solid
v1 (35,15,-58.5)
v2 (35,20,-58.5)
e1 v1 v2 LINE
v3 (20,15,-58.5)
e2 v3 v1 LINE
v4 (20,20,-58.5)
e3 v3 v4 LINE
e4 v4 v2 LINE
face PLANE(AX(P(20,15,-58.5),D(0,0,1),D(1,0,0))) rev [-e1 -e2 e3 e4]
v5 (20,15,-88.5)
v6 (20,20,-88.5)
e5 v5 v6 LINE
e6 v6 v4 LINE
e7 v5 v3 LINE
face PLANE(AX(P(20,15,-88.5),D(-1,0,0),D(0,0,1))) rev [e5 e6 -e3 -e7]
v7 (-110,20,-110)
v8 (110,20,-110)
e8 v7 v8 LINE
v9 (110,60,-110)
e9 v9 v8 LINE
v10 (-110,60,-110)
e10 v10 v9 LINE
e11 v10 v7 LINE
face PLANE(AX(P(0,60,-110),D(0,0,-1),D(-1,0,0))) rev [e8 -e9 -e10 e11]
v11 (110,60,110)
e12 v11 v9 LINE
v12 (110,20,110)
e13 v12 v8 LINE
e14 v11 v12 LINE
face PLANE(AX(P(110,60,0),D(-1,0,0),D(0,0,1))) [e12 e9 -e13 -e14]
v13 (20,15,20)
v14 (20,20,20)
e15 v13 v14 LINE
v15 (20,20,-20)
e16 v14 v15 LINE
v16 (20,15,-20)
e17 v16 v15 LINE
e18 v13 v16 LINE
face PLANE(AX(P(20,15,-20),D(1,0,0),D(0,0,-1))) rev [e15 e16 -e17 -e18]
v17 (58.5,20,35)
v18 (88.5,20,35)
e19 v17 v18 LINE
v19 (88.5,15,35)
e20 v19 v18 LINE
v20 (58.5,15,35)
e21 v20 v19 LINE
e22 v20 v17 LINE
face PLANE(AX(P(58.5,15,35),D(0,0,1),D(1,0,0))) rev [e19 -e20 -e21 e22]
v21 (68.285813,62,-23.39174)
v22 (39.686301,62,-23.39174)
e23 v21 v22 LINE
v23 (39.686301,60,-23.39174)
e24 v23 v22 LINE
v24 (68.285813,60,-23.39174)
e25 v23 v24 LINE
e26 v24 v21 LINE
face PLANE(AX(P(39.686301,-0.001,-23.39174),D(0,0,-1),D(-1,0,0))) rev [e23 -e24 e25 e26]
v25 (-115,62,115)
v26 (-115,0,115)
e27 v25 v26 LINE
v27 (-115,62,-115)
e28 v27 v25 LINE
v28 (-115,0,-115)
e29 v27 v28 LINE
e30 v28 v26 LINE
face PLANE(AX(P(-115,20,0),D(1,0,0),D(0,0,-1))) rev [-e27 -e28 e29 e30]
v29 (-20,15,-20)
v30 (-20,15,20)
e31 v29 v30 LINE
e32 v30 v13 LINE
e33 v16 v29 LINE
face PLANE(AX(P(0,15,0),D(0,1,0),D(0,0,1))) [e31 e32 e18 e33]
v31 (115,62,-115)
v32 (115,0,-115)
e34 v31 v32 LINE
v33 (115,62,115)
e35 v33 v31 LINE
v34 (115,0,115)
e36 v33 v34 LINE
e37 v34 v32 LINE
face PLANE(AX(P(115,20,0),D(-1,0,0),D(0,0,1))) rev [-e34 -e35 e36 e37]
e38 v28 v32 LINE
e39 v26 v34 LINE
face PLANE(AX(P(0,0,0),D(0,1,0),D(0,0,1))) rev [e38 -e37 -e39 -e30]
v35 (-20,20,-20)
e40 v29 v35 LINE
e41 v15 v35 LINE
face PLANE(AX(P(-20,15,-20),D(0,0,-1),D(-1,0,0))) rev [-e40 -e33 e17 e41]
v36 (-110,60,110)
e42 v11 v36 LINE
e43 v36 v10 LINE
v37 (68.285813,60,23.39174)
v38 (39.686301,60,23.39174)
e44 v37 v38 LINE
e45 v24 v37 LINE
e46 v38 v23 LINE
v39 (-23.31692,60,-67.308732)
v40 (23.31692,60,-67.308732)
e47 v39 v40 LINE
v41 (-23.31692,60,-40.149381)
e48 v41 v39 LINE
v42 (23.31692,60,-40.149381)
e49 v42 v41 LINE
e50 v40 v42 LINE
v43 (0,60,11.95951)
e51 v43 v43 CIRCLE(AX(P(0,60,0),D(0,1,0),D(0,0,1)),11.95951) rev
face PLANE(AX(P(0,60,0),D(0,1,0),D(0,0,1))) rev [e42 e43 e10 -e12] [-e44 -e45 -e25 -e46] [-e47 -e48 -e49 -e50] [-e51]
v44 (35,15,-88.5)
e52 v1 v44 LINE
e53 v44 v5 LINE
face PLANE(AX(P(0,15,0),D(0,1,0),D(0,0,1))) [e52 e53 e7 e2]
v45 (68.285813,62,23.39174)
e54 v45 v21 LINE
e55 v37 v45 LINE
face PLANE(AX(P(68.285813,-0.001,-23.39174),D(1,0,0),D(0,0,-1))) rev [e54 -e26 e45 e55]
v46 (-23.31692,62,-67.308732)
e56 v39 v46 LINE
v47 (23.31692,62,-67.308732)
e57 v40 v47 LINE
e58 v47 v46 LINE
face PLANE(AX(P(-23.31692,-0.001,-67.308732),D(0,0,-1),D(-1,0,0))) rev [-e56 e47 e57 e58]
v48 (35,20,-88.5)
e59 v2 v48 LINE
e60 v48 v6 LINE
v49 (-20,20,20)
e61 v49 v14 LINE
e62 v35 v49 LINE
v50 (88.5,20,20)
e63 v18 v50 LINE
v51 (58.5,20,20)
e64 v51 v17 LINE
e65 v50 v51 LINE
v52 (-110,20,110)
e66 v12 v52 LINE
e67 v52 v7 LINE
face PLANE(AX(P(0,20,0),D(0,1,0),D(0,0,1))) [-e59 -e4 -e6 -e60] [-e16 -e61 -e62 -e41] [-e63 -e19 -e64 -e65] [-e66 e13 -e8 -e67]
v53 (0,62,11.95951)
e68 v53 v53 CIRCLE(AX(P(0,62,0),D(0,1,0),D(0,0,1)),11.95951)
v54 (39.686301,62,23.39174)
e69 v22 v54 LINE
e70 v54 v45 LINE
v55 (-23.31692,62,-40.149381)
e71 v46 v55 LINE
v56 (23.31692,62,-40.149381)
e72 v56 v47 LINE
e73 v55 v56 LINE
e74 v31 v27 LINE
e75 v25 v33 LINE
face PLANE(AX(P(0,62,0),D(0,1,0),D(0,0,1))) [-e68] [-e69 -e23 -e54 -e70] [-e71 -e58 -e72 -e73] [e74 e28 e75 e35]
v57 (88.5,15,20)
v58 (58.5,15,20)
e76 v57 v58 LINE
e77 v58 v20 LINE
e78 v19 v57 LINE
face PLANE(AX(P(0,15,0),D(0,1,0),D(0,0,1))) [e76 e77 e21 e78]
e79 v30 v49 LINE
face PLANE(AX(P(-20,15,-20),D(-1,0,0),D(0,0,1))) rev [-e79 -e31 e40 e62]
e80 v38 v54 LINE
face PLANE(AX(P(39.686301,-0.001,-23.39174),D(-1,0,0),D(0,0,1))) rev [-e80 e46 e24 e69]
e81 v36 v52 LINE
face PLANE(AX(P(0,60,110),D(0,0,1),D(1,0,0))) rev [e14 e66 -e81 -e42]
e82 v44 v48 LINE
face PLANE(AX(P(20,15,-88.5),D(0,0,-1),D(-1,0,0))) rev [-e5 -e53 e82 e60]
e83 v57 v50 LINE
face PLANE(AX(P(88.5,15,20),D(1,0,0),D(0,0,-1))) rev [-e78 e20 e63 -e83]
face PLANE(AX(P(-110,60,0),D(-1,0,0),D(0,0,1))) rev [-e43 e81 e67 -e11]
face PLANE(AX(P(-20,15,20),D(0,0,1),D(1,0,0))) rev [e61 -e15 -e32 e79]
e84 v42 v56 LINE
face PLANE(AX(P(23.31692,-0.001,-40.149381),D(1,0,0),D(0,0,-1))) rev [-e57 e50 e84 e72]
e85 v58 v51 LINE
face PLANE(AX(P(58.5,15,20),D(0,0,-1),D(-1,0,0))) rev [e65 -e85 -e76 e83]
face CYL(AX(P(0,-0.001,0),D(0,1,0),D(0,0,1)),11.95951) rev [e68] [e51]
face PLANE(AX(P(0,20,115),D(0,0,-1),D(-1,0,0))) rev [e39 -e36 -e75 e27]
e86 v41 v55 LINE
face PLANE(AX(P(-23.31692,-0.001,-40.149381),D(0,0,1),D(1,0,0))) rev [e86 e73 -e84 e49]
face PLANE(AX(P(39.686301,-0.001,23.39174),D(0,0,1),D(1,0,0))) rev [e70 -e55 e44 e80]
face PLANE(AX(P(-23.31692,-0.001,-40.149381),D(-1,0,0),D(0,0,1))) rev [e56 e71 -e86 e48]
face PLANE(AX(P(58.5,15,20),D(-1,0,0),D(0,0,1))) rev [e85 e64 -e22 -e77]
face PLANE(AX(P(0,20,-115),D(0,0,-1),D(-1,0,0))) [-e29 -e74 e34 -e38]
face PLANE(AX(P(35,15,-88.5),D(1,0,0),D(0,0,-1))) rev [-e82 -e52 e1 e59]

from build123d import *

# Parameters (mm, degrees)
CROQUIS1_W              = 250
CROQUIS1_H              = 250
SALIENTE_EXTRUIR1_DEPTH = 20
CROQUIS2_W              = 15
CROQUIS2_H              = 30
CROQUIS2_W_2            = 30
CROQUIS2_H_2            = 15
CROQUIS2_W_3            = 40
CROQUIS2_H_3            = 40
CORTAR_EXTRUIR1_DEPTH   = 5
CROQUIS3_W              = 250
CROQUIS3_H              = 250
CROQUIS3_W_2            = 200
CROQUIS3_H_2            = 200
CORTAR_EXTRUIR2_DEPTH   = 20
CROQUIS4_W              = 200
CROQUIS4_H              = 200
SALIENTE_EXTRUIR2_DEPTH = 20
CROQUIS5_W              = 220
CROQUIS5_H              = 220
SALIENTE_EXTRUIR3_DEPTH = 40
CROQUIS6_W              = 230
CROQUIS6_H              = 230
SALIENTE_EXTRUIR4_DEPTH = 2
CORTAR_EXTRUIR5_REACH   = 176.052
CROQUIS8_R              = 9.175009618
CROQUIS8_W              = 28.599511609
CROQUIS8_H              = 46.78347923
CROQUIS8_W_2            = 46.633839802
CROQUIS8_H_2            = 27.159350596
CORTAR_EXTRUIR4_REACH   = 176.052
CROQUIS10_R             = 11.959510452


with BuildPart() as part:
    # Croquis1 → Saliente-Extruir1 (new body)
    with BuildSketch(Plane(origin=(0, 0, 0), x_dir=(1, 0, 0), z_dir=(0, 1, 0))):
        Rectangle(CROQUIS1_W, CROQUIS1_H)
    extrude(amount=SALIENTE_EXTRUIR1_DEPTH)

    # Croquis2 → Cortar-Extruir1 (cut)
    with BuildSketch(Plane(origin=(0, 20, 0), x_dir=(1, 0, 0), z_dir=(0, 1, 0))):
        with Locations((27.5, 73.5)):
            Rectangle(CROQUIS2_W, CROQUIS2_H)
        with Locations((73.5, -27.5)):
            Rectangle(CROQUIS2_W_2, CROQUIS2_H_2)
        Rectangle(CROQUIS2_W_3, CROQUIS2_H_3)
    extrude(amount=-CORTAR_EXTRUIR1_DEPTH, mode=Mode.SUBTRACT)

    # Croquis3 → Cortar-Extruir2 (cut)
    with BuildSketch(Plane(origin=(0, 20, 0), x_dir=(1, 0, 0), z_dir=(0, 1, 0))):
        Rectangle(CROQUIS3_W, CROQUIS3_H)
        Rectangle(CROQUIS3_W_2, CROQUIS3_H_2, mode=Mode.SUBTRACT)
    extrude(amount=-CORTAR_EXTRUIR2_DEPTH, mode=Mode.SUBTRACT)

    # Croquis4 → Saliente-Extruir2 (add)
    with BuildSketch(Plane.XZ):
        Polygon((115, -96.500184321), (115, -115), (-115, -115), (-115, -98.664064905), (-115, 115), (-100, 115), (115, 115), (115, 96.335935095), align=None)
        Rectangle(CROQUIS4_W, CROQUIS4_H, mode=Mode.SUBTRACT)
    extrude(amount=-SALIENTE_EXTRUIR2_DEPTH)

    # Croquis5 → Saliente-Extruir3 (add)
    with BuildSketch(Plane(origin=(0, 20, 0), x_dir=(1, 0, 0), z_dir=(0, 1, 0))):
        Polygon((115, 115), (-115, 115), (-115, 110.241153541), (-115, -107.327290452), (-115, -115), (-108.298578148, -115), (115, -115), (115, -107.327290452), (115, 110.241153541), align=None)
        Rectangle(CROQUIS5_W, CROQUIS5_H, mode=Mode.SUBTRACT)
    extrude(amount=SALIENTE_EXTRUIR3_DEPTH)

    # Croquis6 → Saliente-Extruir4 (add)
    with BuildSketch(Plane(origin=(0, 60, 0), x_dir=(1, 0, 0), z_dir=(0, 1, 0))):
        Rectangle(CROQUIS6_W, CROQUIS6_H)
    extrude(amount=SALIENTE_EXTRUIR4_DEPTH)

    # Croquis8 → Cortar-Extruir5 (cut, up to next)
    with BuildSketch(Plane(origin=(0, 62, 0), x_dir=(1, 0, 0), z_dir=(0, 1, 0)), mode=Mode.PRIVATE) as cortar_extruir5_sk1:
        with Locations(Location((0, 0, 0), (0, 0, 270))):
            Circle(CROQUIS8_R)
    cortar_extruir5_tool1 = extrude(cortar_extruir5_sk1.sketch, amount=-CORTAR_EXTRUIR5_REACH, mode=Mode.PRIVATE) & part.part
    # Croquis8 → Cortar-Extruir5 (cut, up to next)
    with BuildSketch(Plane(origin=(0, 62, 0), x_dir=(1, 0, 0), z_dir=(0, 1, 0)), mode=Mode.PRIVATE) as cortar_extruir5_sk2:
        with Locations((53.986056935, 0)):
            Rectangle(CROQUIS8_W, CROQUIS8_H)
    cortar_extruir5_tool2 = extrude(cortar_extruir5_sk2.sketch, amount=-CORTAR_EXTRUIR5_REACH, mode=Mode.PRIVATE) & part.part
    # Croquis8 → Cortar-Extruir5 (cut, up to next)
    with BuildSketch(Plane(origin=(0, 62, 0), x_dir=(1, 0, 0), z_dir=(0, 1, 0)), mode=Mode.PRIVATE) as cortar_extruir5_sk3:
        with Locations((0, 53.729056372)):
            Rectangle(CROQUIS8_W_2, CROQUIS8_H_2)
    cortar_extruir5_tool3 = extrude(cortar_extruir5_sk3.sketch, amount=-CORTAR_EXTRUIR5_REACH, mode=Mode.PRIVATE) & part.part
    add(cortar_extruir5_tool1.solids().sort_by_distance((0, 62, 0))[0], mode=Mode.SUBTRACT)
    add(cortar_extruir5_tool2.solids().sort_by_distance((53.986057, 62, 0))[0], mode=Mode.SUBTRACT)
    add(cortar_extruir5_tool3.solids().sort_by_distance((0, 62, -53.729056))[0], mode=Mode.SUBTRACT)

    # Croquis10 → Cortar-Extruir4 (cut, up to next)
    with BuildSketch(Plane(origin=(0, 62, 0), x_dir=(1, 0, 0), z_dir=(0, 1, 0)), mode=Mode.PRIVATE) as cortar_extruir4_sk1:
        with Locations(Location((0, 0, 0), (0, 0, 270))):
            Circle(CROQUIS10_R)
    cortar_extruir4_tool1 = extrude(cortar_extruir4_sk1.sketch, amount=-CORTAR_EXTRUIR4_REACH, mode=Mode.PRIVATE) & part.part
    add(cortar_extruir4_tool1.solids().sort_by_distance((0, 62, 0))[0], mode=Mode.SUBTRACT)


solid = part.part
